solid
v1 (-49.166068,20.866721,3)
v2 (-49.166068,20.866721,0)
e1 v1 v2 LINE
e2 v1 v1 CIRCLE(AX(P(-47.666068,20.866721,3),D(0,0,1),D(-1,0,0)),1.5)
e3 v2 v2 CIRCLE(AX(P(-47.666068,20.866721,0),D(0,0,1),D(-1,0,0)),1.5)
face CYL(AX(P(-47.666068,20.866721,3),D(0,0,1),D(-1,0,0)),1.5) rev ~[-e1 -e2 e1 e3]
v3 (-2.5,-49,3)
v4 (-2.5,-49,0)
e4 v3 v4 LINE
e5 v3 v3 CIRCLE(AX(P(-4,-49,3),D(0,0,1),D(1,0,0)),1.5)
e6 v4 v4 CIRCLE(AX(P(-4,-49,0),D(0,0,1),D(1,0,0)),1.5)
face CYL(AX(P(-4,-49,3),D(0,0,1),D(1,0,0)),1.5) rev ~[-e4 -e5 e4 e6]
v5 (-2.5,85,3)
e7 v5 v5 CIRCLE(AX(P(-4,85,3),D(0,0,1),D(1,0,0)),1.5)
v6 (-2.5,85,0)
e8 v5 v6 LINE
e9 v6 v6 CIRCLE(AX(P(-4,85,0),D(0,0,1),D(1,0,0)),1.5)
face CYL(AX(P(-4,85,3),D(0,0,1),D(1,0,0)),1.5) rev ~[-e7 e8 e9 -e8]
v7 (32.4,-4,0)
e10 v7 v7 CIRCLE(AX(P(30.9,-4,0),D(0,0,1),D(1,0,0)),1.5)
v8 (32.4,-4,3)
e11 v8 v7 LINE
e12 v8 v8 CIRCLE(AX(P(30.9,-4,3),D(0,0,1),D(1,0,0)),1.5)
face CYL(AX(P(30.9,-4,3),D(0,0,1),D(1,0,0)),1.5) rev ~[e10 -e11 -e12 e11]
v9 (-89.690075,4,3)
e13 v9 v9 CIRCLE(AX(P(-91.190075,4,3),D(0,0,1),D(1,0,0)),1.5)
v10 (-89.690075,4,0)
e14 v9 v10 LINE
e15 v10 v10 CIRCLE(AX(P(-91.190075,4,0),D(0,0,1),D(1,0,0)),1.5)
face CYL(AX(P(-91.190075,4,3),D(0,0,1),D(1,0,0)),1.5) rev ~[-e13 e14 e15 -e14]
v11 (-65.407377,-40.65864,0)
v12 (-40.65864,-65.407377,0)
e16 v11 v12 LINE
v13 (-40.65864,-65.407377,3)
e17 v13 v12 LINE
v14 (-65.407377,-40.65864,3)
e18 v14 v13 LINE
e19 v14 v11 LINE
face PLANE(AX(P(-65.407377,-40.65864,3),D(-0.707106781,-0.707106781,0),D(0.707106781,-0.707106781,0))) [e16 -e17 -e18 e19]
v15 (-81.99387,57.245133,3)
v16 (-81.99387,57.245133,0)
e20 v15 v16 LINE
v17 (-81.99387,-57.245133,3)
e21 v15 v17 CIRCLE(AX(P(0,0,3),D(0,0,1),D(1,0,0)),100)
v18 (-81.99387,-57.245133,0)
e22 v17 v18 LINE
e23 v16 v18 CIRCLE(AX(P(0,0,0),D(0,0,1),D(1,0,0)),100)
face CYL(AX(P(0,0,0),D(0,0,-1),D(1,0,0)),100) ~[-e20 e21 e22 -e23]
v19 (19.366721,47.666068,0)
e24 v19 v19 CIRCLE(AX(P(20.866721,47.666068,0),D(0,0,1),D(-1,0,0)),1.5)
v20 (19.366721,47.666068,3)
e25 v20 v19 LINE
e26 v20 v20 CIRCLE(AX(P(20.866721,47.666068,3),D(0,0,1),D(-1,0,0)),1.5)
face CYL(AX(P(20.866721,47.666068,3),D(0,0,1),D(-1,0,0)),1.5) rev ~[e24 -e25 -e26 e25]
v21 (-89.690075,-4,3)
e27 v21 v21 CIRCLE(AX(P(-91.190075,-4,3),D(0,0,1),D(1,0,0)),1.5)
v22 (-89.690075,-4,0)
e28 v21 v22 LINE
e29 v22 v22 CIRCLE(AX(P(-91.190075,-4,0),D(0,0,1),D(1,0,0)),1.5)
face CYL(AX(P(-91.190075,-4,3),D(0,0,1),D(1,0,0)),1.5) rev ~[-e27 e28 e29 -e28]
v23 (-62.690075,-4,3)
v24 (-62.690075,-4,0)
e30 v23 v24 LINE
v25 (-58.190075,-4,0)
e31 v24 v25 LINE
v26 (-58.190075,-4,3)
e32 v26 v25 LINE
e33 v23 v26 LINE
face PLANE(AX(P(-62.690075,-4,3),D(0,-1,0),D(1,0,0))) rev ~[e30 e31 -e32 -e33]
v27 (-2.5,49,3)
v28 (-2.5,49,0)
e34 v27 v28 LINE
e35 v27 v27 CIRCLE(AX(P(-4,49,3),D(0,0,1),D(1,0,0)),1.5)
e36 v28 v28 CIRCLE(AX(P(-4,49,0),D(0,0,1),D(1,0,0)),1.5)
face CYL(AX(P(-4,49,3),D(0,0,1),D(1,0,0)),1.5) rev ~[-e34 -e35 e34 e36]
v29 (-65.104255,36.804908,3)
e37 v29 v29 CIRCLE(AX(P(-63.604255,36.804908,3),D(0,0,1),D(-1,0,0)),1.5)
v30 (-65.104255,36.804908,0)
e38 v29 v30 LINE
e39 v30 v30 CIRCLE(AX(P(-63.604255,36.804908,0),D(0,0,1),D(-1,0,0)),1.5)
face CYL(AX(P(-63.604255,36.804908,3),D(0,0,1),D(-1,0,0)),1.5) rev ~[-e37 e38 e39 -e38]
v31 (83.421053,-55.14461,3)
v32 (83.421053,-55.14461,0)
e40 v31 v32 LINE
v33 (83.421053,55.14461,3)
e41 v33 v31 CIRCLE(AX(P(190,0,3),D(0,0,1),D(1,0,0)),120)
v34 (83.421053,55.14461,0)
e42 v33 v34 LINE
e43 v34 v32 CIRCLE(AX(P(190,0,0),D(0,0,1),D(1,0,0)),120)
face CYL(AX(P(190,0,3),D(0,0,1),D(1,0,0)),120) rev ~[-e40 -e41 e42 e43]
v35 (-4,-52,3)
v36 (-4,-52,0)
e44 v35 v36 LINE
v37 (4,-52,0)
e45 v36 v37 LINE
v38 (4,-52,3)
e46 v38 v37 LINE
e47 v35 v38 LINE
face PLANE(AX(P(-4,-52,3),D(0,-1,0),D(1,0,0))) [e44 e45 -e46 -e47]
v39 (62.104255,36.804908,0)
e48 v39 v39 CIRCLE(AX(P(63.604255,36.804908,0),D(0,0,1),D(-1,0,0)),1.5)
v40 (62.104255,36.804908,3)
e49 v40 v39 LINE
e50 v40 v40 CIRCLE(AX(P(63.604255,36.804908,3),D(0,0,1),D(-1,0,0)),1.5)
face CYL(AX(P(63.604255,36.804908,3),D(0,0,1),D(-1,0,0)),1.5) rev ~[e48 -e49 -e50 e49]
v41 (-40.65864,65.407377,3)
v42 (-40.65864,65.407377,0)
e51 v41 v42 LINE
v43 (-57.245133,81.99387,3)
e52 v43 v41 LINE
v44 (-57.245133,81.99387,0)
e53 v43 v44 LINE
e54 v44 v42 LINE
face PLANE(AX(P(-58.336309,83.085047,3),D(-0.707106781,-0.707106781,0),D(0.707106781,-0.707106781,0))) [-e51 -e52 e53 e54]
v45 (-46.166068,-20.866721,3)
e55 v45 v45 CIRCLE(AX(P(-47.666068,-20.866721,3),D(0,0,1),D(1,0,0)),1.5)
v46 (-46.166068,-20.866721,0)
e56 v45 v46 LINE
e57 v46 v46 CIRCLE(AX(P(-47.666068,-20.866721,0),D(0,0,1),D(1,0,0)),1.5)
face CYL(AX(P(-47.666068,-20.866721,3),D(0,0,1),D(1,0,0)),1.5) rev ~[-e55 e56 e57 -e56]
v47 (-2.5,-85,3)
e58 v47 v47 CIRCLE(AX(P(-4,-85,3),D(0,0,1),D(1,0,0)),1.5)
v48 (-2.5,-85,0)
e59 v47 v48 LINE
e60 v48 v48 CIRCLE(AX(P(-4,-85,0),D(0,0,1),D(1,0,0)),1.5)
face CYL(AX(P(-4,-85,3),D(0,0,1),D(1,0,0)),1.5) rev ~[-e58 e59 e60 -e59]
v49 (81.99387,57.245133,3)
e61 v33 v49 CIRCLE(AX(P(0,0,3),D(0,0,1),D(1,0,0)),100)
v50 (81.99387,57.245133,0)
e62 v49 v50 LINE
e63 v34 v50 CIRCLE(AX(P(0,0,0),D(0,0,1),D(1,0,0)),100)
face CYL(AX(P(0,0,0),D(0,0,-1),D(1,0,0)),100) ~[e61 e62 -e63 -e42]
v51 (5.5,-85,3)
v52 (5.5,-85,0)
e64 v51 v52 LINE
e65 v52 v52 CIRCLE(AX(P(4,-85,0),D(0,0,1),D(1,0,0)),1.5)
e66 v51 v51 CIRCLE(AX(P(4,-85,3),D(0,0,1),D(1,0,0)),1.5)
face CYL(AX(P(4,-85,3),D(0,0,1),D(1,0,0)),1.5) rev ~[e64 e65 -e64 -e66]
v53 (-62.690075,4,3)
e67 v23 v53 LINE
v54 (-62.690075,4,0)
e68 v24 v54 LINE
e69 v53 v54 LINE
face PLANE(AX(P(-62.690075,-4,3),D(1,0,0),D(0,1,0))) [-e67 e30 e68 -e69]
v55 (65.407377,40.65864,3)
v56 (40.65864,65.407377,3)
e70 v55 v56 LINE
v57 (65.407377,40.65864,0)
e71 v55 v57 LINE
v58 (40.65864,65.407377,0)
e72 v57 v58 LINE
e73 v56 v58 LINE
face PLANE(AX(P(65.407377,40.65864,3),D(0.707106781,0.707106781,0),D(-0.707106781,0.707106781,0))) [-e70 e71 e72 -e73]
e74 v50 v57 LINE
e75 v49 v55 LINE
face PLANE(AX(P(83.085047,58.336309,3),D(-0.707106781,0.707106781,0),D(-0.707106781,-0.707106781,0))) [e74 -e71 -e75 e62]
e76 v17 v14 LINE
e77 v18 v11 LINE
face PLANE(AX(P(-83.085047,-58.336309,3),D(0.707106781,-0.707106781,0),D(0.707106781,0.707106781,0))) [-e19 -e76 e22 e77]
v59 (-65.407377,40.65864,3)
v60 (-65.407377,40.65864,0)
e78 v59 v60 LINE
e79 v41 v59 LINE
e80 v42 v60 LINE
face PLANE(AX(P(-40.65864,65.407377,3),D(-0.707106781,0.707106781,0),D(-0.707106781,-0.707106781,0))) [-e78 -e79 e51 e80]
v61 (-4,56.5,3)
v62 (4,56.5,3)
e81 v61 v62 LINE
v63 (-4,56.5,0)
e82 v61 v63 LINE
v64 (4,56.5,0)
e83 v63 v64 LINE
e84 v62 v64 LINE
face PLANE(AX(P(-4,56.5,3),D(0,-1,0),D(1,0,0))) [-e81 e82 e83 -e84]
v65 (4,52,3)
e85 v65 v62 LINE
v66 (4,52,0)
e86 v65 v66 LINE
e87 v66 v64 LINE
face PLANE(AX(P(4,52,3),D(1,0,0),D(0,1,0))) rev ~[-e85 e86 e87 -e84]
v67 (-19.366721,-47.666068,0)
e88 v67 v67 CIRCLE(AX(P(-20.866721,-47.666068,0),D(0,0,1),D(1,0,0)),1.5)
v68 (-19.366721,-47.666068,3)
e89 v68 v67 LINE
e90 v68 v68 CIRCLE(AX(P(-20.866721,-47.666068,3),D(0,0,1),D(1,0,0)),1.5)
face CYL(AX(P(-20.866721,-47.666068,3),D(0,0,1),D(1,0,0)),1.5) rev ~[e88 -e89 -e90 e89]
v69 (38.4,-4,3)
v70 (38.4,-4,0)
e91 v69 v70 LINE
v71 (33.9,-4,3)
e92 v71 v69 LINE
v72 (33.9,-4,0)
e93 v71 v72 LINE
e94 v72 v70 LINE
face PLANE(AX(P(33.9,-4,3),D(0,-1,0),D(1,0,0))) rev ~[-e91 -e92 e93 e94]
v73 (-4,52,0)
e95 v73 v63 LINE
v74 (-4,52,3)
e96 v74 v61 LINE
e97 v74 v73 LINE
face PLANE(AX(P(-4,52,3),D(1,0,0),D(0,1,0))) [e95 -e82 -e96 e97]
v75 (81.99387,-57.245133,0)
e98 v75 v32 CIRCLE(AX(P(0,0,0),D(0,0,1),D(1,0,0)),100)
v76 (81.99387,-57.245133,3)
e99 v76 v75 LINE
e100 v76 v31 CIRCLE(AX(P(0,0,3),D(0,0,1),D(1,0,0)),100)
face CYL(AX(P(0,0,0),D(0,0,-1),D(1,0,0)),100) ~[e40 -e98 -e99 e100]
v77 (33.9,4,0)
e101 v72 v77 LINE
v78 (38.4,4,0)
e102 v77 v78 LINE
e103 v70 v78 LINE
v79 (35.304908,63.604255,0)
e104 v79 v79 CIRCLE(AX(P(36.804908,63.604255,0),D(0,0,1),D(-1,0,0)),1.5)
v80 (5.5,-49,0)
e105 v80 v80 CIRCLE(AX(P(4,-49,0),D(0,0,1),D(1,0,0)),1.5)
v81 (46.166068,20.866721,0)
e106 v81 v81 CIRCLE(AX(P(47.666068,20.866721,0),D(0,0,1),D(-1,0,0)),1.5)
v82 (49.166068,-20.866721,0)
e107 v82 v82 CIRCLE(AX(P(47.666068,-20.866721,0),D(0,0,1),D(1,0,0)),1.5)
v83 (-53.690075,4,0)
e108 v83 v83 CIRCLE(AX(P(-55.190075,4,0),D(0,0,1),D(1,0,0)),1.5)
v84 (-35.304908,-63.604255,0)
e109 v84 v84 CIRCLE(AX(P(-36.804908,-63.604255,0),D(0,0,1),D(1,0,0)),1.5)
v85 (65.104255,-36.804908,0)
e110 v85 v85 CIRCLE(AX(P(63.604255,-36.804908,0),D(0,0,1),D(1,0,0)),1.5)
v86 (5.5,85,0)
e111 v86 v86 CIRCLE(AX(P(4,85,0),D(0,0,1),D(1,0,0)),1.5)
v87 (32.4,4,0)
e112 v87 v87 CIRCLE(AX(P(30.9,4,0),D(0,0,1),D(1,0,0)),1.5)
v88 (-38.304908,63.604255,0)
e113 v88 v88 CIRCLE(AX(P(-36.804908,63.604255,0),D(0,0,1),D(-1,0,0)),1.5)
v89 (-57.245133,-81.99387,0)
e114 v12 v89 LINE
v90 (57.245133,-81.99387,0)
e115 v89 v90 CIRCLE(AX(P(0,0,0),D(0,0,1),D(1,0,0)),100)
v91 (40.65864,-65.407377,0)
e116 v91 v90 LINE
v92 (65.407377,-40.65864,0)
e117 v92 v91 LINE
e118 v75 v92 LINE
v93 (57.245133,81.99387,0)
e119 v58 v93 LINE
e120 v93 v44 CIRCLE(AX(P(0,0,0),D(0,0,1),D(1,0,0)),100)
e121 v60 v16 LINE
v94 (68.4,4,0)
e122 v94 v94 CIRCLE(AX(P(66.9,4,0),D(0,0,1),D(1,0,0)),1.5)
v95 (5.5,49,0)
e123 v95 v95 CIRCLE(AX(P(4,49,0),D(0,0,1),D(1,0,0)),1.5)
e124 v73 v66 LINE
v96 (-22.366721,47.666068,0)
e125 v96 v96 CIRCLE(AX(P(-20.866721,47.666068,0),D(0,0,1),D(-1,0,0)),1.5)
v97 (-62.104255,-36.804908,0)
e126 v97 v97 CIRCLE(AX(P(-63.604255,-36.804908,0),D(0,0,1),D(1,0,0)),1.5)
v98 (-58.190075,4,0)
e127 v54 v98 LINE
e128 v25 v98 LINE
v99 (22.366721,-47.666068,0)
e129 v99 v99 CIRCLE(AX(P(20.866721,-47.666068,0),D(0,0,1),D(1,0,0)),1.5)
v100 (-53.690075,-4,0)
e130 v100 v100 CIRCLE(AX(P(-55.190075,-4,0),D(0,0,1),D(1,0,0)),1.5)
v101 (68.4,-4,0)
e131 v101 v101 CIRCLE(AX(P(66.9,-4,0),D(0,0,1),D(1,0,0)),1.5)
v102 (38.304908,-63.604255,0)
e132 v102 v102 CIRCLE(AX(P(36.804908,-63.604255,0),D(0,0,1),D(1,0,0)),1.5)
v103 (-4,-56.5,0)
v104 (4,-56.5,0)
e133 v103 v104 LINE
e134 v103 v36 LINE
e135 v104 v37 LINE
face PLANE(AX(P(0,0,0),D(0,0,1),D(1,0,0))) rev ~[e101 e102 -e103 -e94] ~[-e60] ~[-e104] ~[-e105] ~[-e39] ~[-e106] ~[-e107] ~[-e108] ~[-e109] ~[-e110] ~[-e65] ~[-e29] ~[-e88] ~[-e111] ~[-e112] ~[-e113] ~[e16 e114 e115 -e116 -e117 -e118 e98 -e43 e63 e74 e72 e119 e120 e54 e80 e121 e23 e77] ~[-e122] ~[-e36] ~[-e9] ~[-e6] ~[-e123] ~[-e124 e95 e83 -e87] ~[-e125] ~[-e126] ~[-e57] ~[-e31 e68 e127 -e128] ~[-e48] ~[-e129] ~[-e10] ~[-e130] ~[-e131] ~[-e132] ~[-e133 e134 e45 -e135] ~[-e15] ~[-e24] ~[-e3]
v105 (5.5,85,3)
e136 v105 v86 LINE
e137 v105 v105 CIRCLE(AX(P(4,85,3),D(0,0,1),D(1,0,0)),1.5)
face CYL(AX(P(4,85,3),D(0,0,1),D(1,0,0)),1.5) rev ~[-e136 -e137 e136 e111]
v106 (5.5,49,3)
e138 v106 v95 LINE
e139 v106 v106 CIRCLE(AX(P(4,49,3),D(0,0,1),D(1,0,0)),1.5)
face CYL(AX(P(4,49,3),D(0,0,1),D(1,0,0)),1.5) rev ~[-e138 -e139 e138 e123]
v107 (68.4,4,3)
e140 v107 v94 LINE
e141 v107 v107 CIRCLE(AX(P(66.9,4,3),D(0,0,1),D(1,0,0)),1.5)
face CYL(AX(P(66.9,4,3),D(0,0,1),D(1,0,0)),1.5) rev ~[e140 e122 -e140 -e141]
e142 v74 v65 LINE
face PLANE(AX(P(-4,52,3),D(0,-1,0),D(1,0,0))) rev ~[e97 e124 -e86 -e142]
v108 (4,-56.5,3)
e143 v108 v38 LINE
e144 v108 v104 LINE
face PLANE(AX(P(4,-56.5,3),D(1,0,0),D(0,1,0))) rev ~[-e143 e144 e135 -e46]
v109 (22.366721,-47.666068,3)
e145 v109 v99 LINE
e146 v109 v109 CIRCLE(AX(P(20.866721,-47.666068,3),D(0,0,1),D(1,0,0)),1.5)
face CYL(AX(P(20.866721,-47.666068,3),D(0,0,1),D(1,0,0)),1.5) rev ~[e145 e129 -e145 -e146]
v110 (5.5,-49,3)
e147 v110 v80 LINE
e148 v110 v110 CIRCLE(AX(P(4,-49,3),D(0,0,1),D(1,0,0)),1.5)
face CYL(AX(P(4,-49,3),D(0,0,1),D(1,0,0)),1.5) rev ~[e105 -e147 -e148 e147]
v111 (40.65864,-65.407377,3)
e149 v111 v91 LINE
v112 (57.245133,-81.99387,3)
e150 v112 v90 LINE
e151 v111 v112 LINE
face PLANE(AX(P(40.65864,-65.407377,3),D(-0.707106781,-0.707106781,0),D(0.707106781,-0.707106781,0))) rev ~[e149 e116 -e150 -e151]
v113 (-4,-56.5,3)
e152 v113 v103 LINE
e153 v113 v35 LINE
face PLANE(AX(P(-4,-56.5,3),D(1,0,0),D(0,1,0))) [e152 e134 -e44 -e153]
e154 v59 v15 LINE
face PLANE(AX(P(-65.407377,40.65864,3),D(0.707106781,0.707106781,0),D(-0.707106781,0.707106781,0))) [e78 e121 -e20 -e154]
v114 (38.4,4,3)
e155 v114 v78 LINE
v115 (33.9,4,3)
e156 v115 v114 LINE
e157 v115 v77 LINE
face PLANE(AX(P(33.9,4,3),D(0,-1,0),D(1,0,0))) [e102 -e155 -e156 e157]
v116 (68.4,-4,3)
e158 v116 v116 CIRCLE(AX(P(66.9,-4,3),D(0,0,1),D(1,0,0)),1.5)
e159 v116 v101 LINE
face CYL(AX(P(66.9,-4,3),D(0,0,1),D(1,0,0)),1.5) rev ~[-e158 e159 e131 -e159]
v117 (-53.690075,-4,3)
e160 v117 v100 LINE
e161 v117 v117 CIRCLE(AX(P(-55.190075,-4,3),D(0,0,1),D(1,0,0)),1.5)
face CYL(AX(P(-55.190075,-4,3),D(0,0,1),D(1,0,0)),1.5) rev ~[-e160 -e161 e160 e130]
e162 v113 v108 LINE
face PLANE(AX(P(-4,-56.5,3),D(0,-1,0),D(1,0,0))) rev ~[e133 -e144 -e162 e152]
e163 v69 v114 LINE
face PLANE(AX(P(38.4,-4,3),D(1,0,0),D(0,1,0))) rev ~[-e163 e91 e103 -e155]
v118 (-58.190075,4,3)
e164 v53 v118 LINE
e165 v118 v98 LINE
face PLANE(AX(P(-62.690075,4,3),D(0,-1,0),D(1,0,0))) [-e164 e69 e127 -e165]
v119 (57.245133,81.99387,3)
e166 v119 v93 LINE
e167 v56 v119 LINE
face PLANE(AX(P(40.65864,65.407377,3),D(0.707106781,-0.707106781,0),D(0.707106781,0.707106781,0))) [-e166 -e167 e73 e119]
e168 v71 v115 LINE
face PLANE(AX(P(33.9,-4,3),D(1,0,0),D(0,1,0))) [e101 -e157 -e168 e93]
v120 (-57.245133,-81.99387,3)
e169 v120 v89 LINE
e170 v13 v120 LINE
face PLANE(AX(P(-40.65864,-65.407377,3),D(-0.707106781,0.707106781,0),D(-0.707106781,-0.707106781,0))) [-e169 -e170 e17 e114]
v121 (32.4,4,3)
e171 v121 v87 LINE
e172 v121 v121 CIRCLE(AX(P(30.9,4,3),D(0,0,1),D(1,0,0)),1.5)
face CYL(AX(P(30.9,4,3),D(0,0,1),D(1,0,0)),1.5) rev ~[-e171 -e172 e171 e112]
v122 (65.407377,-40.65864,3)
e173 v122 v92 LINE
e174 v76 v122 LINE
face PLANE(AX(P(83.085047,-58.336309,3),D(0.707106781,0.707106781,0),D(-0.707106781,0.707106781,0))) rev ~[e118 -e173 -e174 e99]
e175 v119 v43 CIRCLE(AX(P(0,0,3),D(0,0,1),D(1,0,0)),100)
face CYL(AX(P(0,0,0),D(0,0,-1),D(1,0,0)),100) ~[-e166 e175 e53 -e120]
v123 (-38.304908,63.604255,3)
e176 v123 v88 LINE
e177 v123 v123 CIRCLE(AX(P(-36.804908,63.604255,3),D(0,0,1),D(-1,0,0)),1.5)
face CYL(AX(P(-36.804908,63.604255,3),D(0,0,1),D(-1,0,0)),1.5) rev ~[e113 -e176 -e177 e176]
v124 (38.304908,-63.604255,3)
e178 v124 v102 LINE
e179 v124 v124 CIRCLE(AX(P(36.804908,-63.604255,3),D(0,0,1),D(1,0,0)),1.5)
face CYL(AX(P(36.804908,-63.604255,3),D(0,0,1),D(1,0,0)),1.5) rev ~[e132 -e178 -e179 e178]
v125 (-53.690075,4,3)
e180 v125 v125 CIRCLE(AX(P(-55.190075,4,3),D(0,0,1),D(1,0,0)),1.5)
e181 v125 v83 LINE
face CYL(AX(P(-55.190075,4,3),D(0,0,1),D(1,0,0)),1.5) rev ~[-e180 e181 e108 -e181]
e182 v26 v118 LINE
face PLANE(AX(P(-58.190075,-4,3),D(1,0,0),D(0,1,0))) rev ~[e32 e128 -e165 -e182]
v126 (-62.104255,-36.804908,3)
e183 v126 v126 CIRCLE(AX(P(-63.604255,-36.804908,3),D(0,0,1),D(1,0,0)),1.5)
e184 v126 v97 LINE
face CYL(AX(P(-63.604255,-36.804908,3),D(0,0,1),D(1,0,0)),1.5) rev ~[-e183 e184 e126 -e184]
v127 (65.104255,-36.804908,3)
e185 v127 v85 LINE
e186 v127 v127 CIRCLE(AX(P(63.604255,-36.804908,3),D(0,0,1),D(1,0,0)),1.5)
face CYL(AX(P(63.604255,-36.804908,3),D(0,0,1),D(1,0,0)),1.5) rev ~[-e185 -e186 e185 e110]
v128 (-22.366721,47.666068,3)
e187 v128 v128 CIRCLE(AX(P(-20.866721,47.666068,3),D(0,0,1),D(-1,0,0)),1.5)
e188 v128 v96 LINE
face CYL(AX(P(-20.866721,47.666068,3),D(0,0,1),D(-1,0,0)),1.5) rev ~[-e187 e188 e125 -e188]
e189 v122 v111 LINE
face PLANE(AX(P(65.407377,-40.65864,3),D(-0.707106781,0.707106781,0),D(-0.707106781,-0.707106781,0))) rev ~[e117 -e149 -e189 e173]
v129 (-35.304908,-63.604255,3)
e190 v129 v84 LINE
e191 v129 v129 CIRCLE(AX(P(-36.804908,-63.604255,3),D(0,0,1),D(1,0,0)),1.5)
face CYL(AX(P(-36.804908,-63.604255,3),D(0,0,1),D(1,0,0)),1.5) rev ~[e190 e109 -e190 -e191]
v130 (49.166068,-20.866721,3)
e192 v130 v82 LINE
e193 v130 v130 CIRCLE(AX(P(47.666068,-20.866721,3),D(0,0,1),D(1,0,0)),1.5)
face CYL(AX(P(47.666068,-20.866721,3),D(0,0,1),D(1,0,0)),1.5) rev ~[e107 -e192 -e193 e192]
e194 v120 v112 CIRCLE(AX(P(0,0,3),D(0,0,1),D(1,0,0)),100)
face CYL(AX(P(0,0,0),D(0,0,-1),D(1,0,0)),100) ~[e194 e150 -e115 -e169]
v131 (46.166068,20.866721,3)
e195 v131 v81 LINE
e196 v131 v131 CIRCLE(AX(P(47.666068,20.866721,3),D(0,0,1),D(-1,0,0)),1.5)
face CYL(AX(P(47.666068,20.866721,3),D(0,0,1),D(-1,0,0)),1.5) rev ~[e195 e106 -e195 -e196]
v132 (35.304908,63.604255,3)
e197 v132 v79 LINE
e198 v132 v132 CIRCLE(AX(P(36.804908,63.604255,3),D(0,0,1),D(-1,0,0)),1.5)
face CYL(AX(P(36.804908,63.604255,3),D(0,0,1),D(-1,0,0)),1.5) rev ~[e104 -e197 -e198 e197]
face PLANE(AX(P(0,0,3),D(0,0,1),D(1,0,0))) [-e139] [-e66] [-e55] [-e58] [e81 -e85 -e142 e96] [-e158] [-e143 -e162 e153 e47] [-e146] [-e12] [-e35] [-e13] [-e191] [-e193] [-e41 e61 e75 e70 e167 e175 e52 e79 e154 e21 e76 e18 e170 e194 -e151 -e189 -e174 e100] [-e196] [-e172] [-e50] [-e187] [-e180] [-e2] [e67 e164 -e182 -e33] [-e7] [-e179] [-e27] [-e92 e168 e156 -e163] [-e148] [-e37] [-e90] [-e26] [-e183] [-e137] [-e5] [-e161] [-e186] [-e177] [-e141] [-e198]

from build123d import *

# Parameters (mm, degrees)
CROQUIS1_R              = 100
SALIENTE_EXTRUIR1_DEPTH = 3
CROQUIS3_R              = 120
CORTAR_EXTRUIR1_DEPTH   = 3
CORTAR_EXTRUIR6_DEPTH   = 10
CROQUIS12_R             = 1.5
CORTAR_EXTRUIR7_DEPTH   = 142.453172464
CROQUIS9_R              = 1.5
CROQUIS9_W              = 4.5
CROQUIS9_H              = 8
CROQUIS9_W_2            = 8
CROQUIS9_H_2            = 4.5
CORTAR_EXTRUIR5_DEPTH   = 10


with BuildPart() as part:
    # Croquis1 → Saliente-Extruir1 (new body)
    with BuildSketch(Plane.XY):
        Circle(CROQUIS1_R)
    extrude(amount=SALIENTE_EXTRUIR1_DEPTH)

    # Croquis3 → Cortar-Extruir1 (cut)
    with BuildSketch(Plane.XY.offset(3)):
        with Locations((190, 0)):
            Circle(CROQUIS3_R)
    extrude(amount=-CORTAR_EXTRUIR1_DEPTH, mode=Mode.SUBTRACT)

    # Croquis5 → Cortar-Extruir6 (cut)
    with BuildSketch(Plane.XY.offset(3)):
        Polygon((-58.336309448, -83.085046789), (-83.085046789, -58.336309448), (-65.40737726, -40.658639918), (-40.658639918, -65.40737726), align=None)
        Polygon((-83.085046789, 58.336309448), (-58.336309448, 83.085046789), (-40.658639918, 65.40737726), (-65.40737726, 40.658639918), align=None)
        Polygon((58.336309448, -83.085046789), (83.085046789, -58.336309448), (65.40737726, -40.658639918), (40.658639918, -65.40737726), align=None)
        Polygon((58.336309448, 83.085046789), (83.085046789, 58.336309448), (65.40737726, 40.658639918), (40.658639918, 65.40737726), align=None)
    extrude(amount=-CORTAR_EXTRUIR6_DEPTH, mode=Mode.SUBTRACT)

    # Croquis12 → Cortar-Extruir7 (cut, through all)
    with BuildSketch(Plane.XY.offset(3)):
        with Locations((-63.604254904, -36.804908024)):
            Circle(CROQUIS12_R)
        with Locations((-36.804907897, -63.604255031)):
            Circle(CROQUIS12_R)
        with Locations((-47.666068056, -20.866721176)):
            Circle(CROQUIS12_R)
        with Locations((-20.866721049, -47.666068183)):
            Circle(CROQUIS12_R)
        with Locations(Location((47.666068183, 20.866721049, 0), (0, 0, 180))):
            Circle(CROQUIS12_R)
        with Locations(Location((20.866721176, 47.666068056, 0), (0, 0, 180))):
            Circle(CROQUIS12_R)
        with Locations(Location((63.604255031, 36.804907897, 0), (0, 0, 180))):
            Circle(CROQUIS12_R)
        with Locations(Location((36.804908024, 63.604254904, 0), (0, 0, 180))):
            Circle(CROQUIS12_R)
        with Locations((20.866721325, -47.666067908)):
            Circle(CROQUIS12_R)
        with Locations((47.666068332, -20.866720901)):
            Circle(CROQUIS12_R)
        with Locations((63.60425518, -36.804907749)):
            Circle(CROQUIS12_R)
        with Locations((36.804908173, -63.604254756)):
            Circle(CROQUIS12_R)
        with Locations(Location((-63.604254756, 36.804908173, 0), (0, 0, 180))):
            Circle(CROQUIS12_R)
        with Locations(Location((-36.804907749, 63.60425518, 0), (0, 0, 180))):
            Circle(CROQUIS12_R)
        with Locations(Location((-20.866720901, 47.666068332, 0), (0, 0, 180))):
            Circle(CROQUIS12_R)
        with Locations(Location((-47.666067908, 20.866721325, 0), (0, 0, 180))):
            Circle(CROQUIS12_R)
    extrude(amount=-CORTAR_EXTRUIR7_DEPTH, mode=Mode.SUBTRACT)

    # Croquis9 → Cortar-Extruir5 (cut)
    with BuildSketch(Plane.XY.offset(3)):
        with Locations((66.9, -4)):
            Circle(CROQUIS9_R)
        with Locations((30.9, 4)):
            Circle(CROQUIS9_R)
        with Locations((66.9, 4)):
            Circle(CROQUIS9_R)
        with Locations((30.9, -4)):
            Circle(CROQUIS9_R)
        with Locations((-91.190074744, 4)):
            Circle(CROQUIS9_R)
        with Locations((-91.190074744, -4)):
            Circle(CROQUIS9_R)
        with Locations((-55.190074744, 4)):
            Circle(CROQUIS9_R)
        with Locations((-55.190074744, -4)):
            Circle(CROQUIS9_R)
        with Locations((-4, 85)):
            Circle(CROQUIS9_R)
        with Locations((4, 85)):
            Circle(CROQUIS9_R)
        with Locations((-4, 49)):
            Circle(CROQUIS9_R)
        with Locations((4, 49)):
            Circle(CROQUIS9_R)
        with Locations((-4, -49)):
            Circle(CROQUIS9_R)
        with Locations((4, -49)):
            Circle(CROQUIS9_R)
        with Locations((4, -85)):
            Circle(CROQUIS9_R)
        with Locations((-4, -85)):
            Circle(CROQUIS9_R)
        with Locations((36.15, 0)):
            Rectangle(CROQUIS9_W, CROQUIS9_H)
        with Locations((0, -54.25)):
            Rectangle(CROQUIS9_W_2, CROQUIS9_H_2)
        with Locations((-60.440074744, 0)):
            Rectangle(CROQUIS9_W, CROQUIS9_H)
        with Locations((0, 54.25)):
            Rectangle(CROQUIS9_W_2, CROQUIS9_H_2)
    extrude(amount=-CORTAR_EXTRUIR5_DEPTH, mode=Mode.SUBTRACT)


solid = part.part
